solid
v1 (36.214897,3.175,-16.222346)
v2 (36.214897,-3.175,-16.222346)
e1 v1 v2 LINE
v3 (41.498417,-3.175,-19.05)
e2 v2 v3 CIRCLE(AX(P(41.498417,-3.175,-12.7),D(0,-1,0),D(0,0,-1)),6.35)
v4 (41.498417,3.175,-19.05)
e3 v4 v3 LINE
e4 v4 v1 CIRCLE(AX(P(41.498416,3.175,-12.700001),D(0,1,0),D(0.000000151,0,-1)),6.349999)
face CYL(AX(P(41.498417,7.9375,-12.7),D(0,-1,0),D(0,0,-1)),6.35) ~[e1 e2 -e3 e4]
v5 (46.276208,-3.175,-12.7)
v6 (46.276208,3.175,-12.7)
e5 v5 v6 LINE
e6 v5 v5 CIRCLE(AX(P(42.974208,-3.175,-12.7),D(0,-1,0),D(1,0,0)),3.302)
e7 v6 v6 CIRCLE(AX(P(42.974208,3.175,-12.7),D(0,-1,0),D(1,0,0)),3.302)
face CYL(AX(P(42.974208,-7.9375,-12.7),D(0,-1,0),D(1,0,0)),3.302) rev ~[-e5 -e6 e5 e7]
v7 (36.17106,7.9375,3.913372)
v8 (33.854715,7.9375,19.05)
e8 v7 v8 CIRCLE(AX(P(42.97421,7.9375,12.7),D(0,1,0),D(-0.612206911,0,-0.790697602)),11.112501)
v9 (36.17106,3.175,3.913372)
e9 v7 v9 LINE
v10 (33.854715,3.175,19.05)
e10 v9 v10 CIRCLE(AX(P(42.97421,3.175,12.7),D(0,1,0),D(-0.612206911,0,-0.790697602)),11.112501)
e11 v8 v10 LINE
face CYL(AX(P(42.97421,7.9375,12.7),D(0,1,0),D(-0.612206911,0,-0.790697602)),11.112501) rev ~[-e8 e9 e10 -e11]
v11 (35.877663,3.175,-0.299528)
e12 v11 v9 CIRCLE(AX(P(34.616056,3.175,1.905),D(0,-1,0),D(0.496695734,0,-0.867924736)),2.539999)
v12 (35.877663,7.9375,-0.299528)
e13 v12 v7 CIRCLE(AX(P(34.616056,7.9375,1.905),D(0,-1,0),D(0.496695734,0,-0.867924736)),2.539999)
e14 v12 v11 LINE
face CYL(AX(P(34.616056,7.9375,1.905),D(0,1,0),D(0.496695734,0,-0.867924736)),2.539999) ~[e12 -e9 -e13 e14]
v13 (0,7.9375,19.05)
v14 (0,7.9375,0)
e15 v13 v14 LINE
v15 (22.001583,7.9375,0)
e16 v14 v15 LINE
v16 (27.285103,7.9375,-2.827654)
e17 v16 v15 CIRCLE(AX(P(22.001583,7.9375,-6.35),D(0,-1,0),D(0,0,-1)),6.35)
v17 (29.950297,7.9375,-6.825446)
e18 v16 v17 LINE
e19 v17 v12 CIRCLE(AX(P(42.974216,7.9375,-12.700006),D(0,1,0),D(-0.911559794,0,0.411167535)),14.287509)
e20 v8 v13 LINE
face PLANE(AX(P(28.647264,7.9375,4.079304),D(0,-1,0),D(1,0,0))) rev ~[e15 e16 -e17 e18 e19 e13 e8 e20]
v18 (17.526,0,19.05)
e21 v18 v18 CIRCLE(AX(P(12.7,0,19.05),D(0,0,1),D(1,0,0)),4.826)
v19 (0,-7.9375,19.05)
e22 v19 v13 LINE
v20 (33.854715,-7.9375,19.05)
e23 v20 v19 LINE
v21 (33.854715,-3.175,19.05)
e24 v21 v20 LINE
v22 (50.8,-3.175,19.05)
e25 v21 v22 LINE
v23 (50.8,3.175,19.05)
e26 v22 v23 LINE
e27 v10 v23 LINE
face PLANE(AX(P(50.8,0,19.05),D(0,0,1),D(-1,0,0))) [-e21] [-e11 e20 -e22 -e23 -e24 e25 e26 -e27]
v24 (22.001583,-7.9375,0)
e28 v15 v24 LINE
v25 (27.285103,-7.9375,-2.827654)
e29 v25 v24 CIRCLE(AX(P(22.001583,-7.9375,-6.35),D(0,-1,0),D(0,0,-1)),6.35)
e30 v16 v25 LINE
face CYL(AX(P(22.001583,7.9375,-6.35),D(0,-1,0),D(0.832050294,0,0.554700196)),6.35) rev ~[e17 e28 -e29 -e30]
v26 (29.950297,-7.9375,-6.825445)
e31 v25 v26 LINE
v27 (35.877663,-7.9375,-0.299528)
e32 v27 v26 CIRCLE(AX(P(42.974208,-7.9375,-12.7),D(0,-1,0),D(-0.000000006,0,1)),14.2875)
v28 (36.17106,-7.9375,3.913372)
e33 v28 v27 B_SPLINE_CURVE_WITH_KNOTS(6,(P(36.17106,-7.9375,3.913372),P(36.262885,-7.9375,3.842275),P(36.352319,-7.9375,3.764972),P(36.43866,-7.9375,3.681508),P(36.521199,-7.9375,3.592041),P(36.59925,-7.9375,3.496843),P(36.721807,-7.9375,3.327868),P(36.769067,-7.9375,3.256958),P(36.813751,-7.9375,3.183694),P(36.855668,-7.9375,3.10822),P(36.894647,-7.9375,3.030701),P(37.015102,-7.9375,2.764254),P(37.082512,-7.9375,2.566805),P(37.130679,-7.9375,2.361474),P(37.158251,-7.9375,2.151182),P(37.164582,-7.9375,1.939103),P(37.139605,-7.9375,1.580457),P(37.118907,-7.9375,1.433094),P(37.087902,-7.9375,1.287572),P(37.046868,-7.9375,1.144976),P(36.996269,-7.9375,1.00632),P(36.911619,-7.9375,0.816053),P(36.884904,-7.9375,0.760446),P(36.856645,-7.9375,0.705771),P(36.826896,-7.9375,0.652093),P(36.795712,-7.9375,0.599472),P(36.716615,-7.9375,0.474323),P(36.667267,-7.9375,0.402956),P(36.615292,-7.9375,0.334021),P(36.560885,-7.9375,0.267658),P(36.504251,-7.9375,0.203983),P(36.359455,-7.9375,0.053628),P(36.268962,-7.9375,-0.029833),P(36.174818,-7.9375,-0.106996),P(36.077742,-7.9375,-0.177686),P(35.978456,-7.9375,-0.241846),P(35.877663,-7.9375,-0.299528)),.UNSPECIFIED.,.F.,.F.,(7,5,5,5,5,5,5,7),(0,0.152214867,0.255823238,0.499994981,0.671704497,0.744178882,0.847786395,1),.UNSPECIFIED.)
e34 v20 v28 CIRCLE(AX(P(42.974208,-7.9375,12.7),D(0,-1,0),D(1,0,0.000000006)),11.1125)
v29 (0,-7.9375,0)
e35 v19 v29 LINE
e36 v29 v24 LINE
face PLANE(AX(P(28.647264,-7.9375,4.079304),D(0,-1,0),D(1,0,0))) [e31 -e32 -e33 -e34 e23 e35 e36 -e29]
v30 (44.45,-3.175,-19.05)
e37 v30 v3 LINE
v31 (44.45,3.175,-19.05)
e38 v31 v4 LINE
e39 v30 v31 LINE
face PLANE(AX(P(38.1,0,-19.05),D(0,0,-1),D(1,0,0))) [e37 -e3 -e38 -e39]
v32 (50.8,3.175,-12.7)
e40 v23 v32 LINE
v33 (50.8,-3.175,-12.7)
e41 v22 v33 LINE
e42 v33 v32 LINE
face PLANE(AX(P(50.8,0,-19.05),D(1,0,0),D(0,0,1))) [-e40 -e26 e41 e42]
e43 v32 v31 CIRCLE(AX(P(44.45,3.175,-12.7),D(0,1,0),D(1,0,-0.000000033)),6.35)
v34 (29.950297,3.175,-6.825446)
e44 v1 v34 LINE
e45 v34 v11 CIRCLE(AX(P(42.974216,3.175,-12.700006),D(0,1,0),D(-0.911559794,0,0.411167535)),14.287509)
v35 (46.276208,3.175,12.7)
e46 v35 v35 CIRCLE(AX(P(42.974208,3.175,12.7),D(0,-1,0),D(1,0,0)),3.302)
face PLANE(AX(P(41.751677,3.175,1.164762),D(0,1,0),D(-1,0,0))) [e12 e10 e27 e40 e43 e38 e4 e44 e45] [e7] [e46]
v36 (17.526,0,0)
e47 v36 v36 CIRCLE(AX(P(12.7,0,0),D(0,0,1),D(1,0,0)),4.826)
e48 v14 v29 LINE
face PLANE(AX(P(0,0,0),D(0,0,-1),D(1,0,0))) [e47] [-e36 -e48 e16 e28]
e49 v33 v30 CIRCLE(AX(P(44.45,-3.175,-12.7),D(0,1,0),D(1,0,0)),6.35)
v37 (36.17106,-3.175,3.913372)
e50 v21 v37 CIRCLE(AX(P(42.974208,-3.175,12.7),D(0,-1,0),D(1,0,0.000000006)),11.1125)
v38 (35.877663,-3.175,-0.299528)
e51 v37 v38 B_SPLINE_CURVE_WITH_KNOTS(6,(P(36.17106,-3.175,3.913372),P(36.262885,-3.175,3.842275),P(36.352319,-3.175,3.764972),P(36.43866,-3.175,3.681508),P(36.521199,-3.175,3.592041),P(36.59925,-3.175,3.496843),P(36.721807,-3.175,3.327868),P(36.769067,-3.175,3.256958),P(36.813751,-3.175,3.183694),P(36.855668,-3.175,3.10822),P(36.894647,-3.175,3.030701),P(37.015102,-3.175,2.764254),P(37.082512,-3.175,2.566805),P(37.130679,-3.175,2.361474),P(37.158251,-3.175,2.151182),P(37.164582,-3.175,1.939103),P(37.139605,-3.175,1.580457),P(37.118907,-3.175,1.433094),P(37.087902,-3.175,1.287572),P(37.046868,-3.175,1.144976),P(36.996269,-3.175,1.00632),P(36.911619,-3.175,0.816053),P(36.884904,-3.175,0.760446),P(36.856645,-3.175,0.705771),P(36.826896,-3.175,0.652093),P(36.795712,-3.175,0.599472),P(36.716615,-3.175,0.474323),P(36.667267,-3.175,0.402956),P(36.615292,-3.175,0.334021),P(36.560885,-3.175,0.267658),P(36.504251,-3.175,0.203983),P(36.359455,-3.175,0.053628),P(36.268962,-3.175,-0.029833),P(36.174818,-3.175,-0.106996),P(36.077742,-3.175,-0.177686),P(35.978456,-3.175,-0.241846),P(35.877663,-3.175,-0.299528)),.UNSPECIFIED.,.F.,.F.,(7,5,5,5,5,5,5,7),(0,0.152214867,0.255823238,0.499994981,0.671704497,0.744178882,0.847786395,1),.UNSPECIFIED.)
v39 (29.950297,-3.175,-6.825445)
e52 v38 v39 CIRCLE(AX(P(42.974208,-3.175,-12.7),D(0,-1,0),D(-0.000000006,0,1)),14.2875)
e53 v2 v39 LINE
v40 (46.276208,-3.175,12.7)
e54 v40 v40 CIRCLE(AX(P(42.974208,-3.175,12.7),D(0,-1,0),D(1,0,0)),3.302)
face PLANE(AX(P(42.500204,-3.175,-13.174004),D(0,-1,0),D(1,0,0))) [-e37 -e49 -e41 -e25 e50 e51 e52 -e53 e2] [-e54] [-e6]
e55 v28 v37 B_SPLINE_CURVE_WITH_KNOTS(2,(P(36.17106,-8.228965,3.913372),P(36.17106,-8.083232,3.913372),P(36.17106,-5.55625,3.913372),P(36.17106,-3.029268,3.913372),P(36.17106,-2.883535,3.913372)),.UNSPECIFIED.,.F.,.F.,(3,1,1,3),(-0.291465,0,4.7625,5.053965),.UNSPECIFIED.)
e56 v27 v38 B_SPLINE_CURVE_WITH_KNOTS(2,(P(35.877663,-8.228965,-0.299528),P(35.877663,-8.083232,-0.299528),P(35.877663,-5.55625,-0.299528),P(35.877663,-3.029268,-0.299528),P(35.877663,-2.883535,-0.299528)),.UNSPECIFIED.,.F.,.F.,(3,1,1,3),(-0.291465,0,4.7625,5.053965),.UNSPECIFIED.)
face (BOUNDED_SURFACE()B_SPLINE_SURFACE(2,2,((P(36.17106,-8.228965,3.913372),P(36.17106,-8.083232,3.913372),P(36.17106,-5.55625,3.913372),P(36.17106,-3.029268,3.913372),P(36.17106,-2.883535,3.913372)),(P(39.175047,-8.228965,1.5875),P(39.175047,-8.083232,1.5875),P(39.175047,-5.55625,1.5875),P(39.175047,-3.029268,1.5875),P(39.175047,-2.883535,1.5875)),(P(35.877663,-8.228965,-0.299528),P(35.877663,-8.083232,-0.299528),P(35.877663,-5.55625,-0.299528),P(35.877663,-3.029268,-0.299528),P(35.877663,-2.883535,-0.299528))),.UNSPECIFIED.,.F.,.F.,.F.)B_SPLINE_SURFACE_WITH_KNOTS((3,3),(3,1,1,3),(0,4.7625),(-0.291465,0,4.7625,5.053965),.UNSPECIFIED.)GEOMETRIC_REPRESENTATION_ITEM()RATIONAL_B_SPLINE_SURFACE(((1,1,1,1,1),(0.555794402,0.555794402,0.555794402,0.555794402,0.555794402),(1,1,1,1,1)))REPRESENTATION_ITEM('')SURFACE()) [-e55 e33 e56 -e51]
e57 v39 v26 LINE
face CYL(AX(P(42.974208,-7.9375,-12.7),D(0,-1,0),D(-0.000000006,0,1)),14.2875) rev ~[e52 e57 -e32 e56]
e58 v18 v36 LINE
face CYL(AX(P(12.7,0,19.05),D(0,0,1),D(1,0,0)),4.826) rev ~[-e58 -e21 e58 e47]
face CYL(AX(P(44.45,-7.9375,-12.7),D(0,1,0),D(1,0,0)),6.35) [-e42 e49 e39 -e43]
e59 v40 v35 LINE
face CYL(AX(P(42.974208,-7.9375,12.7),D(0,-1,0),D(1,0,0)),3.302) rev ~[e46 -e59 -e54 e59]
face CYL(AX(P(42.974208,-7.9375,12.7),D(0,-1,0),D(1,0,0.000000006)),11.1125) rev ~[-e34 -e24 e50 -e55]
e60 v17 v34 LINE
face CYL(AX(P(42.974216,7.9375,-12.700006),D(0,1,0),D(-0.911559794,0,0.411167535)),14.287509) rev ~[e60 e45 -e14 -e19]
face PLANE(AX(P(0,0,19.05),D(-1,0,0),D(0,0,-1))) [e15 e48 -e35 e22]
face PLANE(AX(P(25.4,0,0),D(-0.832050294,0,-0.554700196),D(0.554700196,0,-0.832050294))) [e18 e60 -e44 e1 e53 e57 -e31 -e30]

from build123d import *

# Parameters (mm, degrees)
F1_DEPTH      = 7.9375
F1_DEPTH_BACK = 7.9375
F2_R          = 6.35
F3_R          = 3.302
F4_DEPTH      = 25.4
F6_DEPTH      = 4.7625
F7_R          = 2.54
F9_DEPTH      = 4.7625
F10_R         = 4.826
F11_DEPTH     = 38.101


with BuildPart() as f1:
    # F0 (on Front) → F1 (new body, two sides)
    with BuildSketch(Plane.XZ) as f1_sk:
        Polygon((0, 19.05), (0, 0), (25.4, 0), (38.1, -19.05), (50.8, -19.05), (50.8, 19.05), align=None)
    extrude(amount=F1_DEPTH)
    extrude(f1_sk.sketch, amount=-F1_DEPTH_BACK)

    # F2
    f2_edges = [f1.edges().sort_by_distance(p)[0] for p in [
        (25.4, 0, 0),
        (38.1, 0, -19.05),
        (50.8, 0, -19.05),
    ]]
    fillet(f2_edges, radius=F2_R)

    # F3 (on face) → F4 (cut)
    with BuildSketch(Plane.XZ.offset(7.9375)):
        with Locations((42.974208, -12.7)):
            Circle(F3_R)
        with Locations((42.974208, 12.7)):
            Circle(F3_R)
    extrude(amount=-F4_DEPTH, mode=Mode.SUBTRACT)

    # F5 (on face) → F6 (cut)
    with BuildSketch(Plane.XZ.offset(7.9375)):
        with BuildLine():
            Line((42.974208, -12.7), (42.974208, 1.5875))
            ThreePointArc((42.974208, 1.5875), (32.87142, -22.802788), (57.261708, -12.7))
            Line((57.261708, -12.7), (42.974208, -12.7))
        make_face()
        with BuildLine():
            ThreePointArc((54.086708, 12.7), (35.116484, 20.557724), (42.974208, 1.5875))
            Line((42.974208, 1.5875), (42.974208, 12.7))
            Line((42.974208, 12.7), (54.086708, 12.7))
        make_face()
        Polygon((42.974208, 12.7), (42.974208, 1.5875), (42.974208, -12.7), (57.261708, -12.7), (61.707854, -12.7), (61.707854, 12.7), (54.086708, 12.7), align=None)
    extrude(amount=-F6_DEPTH, mode=Mode.SUBTRACT)

    # F7
    f7_edges = [f1.edges().sort_by_distance(p)[0] for p in [
        (42.974208, -5.55625, 1.5875),
    ]]
    fillet(f7_edges, radius=F7_R)

    # F8 (on face) → F9 (cut)
    with BuildSketch(Plane(origin=(0, 7.9375, 0), x_dir=(-1, 0, 0), z_dir=(0, 1, 0))):
        with BuildLine():
            Line((-50.8, 19.05), (-50.8, -12.7))
            ThreePointArc((-50.8, -12.7), (-48.940128, -17.190128), (-44.45, -19.05))
            Line((-44.45, -19.05), (-41.498417, -19.05))
            ThreePointArc((-41.498417, -19.05), (-38.502119, -18.298634), (-36.214897, -16.222346))
            Line((-36.214897, -16.222346), (-29.950297, -6.825446))
            ThreePointArc((-29.950297, -6.825446), (-32.398052, -3.093879), (-35.877663, -0.299528))
            ThreePointArc((-35.877663, -0.299528), (-37.149918, 1.728535), (-36.17106, 3.913372))
            ThreePointArc((-36.17106, 3.913372), (-31.989583, 11.019032), (-33.854715, 19.05))
            Line((-33.854715, 19.05), (-50.8, 19.05))
        make_face()
    extrude(amount=-F9_DEPTH, mode=Mode.SUBTRACT)

    # F10 (on face) → F11 (cut, through all)
    with BuildSketch(Plane.XY.offset(19.05)):
        with Locations((12.7, 0)):
            Circle(F10_R)
    extrude(amount=-F11_DEPTH, mode=Mode.SUBTRACT)


solid = f1.part
